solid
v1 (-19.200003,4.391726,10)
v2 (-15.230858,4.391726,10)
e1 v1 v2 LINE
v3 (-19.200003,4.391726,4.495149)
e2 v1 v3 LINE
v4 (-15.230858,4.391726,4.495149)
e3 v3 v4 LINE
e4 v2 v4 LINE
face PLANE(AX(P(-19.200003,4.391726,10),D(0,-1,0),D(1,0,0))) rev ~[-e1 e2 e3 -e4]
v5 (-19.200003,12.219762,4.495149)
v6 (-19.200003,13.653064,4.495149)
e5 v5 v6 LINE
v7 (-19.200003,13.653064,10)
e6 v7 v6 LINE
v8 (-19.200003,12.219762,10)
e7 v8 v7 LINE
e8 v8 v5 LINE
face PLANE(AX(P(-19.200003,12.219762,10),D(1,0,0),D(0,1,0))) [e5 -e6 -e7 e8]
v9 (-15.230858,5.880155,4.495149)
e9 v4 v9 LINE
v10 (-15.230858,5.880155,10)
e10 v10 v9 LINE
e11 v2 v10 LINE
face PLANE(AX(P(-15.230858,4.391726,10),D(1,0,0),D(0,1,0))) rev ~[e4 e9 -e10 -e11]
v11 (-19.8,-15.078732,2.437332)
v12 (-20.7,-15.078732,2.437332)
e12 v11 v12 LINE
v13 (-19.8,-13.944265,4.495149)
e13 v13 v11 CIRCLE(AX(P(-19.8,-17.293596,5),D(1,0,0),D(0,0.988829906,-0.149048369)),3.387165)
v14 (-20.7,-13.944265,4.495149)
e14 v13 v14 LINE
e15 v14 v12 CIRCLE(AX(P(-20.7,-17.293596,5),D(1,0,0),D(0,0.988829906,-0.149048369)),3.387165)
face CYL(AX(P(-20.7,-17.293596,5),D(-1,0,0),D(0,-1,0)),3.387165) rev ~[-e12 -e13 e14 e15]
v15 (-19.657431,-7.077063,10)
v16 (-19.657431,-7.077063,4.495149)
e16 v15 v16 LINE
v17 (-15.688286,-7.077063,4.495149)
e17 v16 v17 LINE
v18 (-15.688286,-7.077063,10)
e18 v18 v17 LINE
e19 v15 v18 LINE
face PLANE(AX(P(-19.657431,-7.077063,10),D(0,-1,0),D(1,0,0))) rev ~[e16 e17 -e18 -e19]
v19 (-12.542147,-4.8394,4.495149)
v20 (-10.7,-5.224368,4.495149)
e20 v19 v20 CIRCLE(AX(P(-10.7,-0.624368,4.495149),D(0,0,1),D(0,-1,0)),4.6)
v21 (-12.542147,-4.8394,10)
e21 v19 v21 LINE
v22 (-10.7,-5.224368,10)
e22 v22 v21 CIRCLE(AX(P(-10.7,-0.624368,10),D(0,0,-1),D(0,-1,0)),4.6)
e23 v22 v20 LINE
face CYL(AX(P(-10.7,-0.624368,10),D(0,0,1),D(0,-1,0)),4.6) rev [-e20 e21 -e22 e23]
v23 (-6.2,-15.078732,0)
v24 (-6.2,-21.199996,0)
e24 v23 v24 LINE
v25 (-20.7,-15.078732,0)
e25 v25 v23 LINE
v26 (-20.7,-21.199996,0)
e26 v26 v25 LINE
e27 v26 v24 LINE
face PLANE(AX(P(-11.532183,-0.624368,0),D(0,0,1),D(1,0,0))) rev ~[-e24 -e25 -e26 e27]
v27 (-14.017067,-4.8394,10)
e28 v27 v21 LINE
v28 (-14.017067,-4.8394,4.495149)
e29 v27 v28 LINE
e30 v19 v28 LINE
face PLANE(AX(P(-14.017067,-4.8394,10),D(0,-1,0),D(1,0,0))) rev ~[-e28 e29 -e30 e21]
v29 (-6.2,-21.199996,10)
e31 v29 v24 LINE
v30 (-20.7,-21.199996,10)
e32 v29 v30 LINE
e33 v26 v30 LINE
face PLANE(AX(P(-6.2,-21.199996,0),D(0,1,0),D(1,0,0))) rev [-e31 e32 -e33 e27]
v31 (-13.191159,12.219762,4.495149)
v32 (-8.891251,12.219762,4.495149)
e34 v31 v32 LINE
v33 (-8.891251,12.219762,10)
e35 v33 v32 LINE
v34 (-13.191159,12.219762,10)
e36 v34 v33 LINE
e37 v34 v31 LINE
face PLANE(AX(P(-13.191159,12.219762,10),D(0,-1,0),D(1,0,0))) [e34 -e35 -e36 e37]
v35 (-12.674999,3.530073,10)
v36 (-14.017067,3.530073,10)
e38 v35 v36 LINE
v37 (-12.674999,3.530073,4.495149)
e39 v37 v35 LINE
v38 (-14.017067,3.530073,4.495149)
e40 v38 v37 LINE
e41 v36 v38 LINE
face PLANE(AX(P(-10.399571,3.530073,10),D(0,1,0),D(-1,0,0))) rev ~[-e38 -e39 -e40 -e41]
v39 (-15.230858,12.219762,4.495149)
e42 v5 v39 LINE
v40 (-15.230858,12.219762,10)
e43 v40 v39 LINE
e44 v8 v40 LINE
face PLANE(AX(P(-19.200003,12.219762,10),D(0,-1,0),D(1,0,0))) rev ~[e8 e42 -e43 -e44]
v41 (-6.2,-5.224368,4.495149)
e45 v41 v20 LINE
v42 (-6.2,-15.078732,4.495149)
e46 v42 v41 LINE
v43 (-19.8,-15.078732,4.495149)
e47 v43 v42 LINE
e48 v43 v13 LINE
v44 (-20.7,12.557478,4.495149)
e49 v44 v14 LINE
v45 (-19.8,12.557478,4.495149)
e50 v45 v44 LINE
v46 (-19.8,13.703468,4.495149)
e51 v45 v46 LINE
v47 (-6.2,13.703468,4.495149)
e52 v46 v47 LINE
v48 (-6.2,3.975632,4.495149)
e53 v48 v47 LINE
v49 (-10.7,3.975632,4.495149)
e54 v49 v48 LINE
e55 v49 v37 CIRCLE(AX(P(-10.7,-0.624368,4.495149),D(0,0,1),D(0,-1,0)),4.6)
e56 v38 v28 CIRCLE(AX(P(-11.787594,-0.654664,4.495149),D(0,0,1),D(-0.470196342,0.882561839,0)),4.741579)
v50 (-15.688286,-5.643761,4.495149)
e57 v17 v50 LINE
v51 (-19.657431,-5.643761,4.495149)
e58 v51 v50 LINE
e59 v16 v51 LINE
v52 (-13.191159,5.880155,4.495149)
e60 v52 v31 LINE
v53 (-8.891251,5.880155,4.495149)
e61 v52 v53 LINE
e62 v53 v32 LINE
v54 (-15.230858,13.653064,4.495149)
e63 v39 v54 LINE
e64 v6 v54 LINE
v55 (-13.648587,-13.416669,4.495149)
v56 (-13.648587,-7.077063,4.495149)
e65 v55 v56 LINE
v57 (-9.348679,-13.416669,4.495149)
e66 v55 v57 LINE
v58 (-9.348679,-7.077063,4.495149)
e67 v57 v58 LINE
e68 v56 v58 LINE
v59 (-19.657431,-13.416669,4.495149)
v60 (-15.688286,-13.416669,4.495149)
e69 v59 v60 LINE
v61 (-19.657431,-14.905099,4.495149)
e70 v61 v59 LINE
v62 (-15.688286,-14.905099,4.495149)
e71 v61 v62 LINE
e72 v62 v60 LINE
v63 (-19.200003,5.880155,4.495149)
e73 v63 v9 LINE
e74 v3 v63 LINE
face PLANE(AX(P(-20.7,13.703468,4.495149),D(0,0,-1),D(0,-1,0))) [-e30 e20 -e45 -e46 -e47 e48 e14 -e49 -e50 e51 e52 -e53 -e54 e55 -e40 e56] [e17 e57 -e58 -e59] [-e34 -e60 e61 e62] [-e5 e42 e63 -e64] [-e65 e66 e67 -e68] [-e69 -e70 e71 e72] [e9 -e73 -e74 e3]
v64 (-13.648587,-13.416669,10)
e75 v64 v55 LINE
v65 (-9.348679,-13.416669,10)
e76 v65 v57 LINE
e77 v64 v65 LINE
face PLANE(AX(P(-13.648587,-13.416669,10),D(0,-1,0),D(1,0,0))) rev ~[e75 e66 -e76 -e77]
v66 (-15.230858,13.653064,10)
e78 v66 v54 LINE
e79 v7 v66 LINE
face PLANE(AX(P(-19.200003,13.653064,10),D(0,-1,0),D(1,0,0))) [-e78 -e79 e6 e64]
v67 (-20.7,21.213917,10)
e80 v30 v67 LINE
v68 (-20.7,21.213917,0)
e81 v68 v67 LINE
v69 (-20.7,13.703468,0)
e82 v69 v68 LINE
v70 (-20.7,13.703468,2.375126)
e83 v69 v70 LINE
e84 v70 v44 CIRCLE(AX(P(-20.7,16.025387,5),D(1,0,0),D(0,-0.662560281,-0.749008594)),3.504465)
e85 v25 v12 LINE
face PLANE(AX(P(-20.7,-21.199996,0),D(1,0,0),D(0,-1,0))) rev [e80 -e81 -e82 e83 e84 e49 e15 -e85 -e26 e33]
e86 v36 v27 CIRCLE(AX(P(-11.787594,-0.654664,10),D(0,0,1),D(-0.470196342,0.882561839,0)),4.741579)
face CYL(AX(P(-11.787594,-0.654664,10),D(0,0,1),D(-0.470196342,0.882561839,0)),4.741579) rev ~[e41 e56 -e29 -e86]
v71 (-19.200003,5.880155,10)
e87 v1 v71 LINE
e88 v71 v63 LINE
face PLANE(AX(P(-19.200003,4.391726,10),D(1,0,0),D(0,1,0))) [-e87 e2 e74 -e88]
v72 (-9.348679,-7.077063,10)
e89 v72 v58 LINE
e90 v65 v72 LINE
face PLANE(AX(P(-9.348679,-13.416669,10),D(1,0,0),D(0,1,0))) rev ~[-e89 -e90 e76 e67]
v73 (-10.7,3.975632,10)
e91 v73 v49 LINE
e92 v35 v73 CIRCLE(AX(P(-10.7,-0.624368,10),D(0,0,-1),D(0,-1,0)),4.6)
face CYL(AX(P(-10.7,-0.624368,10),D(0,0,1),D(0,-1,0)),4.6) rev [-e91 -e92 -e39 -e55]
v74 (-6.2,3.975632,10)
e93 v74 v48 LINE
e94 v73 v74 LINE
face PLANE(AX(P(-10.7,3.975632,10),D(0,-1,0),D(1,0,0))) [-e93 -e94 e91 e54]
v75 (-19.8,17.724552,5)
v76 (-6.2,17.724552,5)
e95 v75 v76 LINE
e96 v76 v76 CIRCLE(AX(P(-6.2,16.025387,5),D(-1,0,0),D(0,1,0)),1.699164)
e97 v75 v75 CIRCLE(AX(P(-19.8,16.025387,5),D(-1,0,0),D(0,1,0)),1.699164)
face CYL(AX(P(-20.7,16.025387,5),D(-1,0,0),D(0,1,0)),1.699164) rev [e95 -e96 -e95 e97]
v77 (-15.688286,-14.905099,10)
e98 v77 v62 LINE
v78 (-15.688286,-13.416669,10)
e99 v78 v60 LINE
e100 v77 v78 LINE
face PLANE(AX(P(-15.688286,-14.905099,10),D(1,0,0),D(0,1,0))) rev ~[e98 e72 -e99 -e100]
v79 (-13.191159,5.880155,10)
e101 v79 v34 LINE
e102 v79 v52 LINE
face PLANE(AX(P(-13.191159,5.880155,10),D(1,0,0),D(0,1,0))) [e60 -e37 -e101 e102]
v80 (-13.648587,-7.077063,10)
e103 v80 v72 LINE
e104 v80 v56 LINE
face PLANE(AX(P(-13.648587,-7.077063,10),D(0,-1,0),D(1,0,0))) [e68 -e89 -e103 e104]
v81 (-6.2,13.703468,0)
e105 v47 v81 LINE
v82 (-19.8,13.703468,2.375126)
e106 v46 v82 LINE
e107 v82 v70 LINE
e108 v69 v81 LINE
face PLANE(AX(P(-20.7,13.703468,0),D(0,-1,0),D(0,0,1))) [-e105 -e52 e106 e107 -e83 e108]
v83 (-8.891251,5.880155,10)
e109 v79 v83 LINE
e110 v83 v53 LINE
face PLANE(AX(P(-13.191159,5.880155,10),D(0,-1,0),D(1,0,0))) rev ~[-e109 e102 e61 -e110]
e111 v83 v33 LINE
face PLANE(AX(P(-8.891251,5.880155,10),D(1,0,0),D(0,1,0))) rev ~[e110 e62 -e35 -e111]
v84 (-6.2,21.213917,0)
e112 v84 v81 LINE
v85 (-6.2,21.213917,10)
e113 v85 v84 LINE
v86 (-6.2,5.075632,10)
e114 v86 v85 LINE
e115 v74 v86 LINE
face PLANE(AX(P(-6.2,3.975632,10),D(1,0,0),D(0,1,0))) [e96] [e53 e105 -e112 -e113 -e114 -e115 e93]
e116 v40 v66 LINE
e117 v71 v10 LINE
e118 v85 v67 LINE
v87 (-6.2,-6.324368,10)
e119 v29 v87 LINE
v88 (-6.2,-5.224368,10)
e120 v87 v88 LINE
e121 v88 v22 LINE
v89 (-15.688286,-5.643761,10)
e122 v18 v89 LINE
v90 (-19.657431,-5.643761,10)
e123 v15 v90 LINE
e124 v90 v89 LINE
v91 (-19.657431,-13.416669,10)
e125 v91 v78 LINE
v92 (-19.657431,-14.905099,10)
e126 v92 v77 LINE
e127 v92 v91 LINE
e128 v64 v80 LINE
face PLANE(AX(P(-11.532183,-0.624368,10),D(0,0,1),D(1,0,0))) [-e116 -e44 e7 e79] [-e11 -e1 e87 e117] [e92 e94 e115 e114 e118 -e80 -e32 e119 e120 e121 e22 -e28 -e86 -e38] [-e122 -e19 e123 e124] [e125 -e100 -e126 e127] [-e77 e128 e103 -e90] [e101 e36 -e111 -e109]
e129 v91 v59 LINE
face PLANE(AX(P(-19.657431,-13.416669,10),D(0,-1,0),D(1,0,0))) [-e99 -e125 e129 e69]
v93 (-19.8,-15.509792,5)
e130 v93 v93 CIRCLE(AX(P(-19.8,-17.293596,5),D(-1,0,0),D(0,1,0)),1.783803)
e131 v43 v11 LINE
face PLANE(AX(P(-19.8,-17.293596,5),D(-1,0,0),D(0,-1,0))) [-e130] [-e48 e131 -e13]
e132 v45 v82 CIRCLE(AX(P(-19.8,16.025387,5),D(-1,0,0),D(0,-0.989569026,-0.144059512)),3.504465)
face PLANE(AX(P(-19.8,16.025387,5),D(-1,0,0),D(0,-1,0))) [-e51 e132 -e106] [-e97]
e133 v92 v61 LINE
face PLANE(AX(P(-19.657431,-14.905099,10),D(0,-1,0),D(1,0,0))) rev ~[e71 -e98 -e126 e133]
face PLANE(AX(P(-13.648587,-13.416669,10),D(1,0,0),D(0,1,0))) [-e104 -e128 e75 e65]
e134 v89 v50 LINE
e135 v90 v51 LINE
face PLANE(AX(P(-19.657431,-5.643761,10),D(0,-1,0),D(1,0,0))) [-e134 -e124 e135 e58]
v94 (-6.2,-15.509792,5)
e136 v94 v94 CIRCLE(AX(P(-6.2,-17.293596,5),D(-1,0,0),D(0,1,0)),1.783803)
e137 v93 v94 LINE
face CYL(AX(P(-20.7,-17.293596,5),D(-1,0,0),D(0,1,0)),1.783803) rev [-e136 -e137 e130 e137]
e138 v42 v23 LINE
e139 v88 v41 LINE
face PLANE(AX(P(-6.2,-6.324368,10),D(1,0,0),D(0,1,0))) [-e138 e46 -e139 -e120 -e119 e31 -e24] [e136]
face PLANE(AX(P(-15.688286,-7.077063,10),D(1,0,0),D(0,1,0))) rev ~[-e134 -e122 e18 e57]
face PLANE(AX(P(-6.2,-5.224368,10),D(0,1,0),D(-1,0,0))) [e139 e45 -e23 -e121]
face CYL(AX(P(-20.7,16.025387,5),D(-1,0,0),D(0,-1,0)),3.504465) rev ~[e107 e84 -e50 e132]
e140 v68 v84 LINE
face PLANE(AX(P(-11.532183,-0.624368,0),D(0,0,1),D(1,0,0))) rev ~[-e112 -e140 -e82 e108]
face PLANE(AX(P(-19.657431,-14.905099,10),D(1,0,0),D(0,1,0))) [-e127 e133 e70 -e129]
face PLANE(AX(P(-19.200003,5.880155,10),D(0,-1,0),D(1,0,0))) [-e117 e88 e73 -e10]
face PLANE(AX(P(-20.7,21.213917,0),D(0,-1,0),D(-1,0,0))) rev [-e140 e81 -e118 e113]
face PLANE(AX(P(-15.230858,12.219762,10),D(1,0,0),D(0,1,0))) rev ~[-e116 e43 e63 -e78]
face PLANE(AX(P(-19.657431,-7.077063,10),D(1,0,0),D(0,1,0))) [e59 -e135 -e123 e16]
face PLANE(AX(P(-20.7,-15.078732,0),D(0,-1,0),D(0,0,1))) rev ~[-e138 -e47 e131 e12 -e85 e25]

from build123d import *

# Parameters (mm, degrees)
F0_R      = 1.75
F1_DEPTH  = 10
F2_R      = 1.7838032989
F2_R_2    = 1.6991644828
F3_DEPTH  = 25
F5_W      = 23.6940248869
F5_H      = 47.8357747197
F6_DEPTH  = 25
F7_R      = 1.75
F8_DEPTH  = 10
F9_W      = 4.2999079451
F9_H      = 6.339606829
F9_W_2    = 3.9691450074
F9_H_2    = 1.433301717
F9_H_3    = 1.4884294942
F10_DEPTH = 25
F12_DEPTH = 10
F13_W     = 28.7822000682
F13_H     = 4.495148547
F14_DEPTH = 25
F16_DEPTH = 25
F17_R     = 3.5044645389
F17_R_2   = 3.3871652345
F18_DEPTH = 0.9


with BuildPart() as f1:
    # F0 (on Top) → F1 (new body)
    with BuildSketch(Plane.XY):
        with BuildLine():
            Line((8.2999998219, -21.1999956518), (8.2999998219, 21.2139172642))
            Line((8.2999998219, 21.2139172642), (-6.2000001781, 21.2139172642))
            Line((-6.2000001781, 21.2139172642), (-6.2000001781, 5.0756316632))
            Line((-6.2000001781, 5.0756316632), (-1.7000001781, 5.0756316632))
            ThreePointArc((-1.7000001781, 5.0756316632), (3.9999996856, -0.6243682004), (-1.7000001781, -6.3243680641))
            Line((-1.7000001781, -6.3243680641), (-6.2000001781, -6.3243680641))
            Line((-6.2000001781, -6.3243680641), (-6.2000001781, -21.1999956518))
            Line((-6.2000001781, -21.1999956518), (8.2999998219, -21.1999956518))
        make_face()
        with Locations((5.3999998219, -9.2503995063)):
            Circle(F0_R, mode=Mode.SUBTRACT)
    extrude(amount=F1_DEPTH)

    # F2 (on face) → F3 (cut)
    with BuildSketch(Plane.YZ.offset(8.2999998219)):
        with Locations((-17.2935956518, 5)):
            Circle(F2_R)
        with Locations((16.0253872642, 5)):
            Circle(F2_R_2)
    extrude(amount=-F3_DEPTH, mode=Mode.SUBTRACT)

    # F4: F1 across face


with BuildPart() as f1_1:
    add(f1.part)
    add(f1.part.mirror(Plane(origin=(-6.2000001781, 12.9732327122, 5), x_dir=(0, -1, 0), z_dir=(-1, 0, 0))))

    # F5 (on face) → F6 (cut)
    with BuildSketch(Plane.XY.offset(10)):
        with Locations((5.6470122654, 2.717891708)):
            Rectangle(F5_W, F5_H)
    extrude(amount=-F6_DEPTH, mode=Mode.SUBTRACT)

    # F7 (on face) → F8 (join, through all)
    with BuildSketch(Plane.XY.offset(10)):
        with Locations((-17.8000001781, -9.2503995063)):
            Circle(F7_R)
    extrude(amount=-F8_DEPTH)

    # F9 (on face) → F10 (cut)
    with BuildSketch(Plane.XY.offset(10)):
        with Locations((-11.4986333065, -10.246865917)):
            Rectangle(F9_W, F9_H)
        with Locations((-17.6728586666, -6.360411644)):
            Rectangle(F9_W_2, F9_H_2)
        with Locations((-17.6728586666, -14.1608840786)):
            Rectangle(F9_W_2, F9_H_3)
        with Locations((-11.0412049107, 9.0499585494)):
            Rectangle(F9_W, F9_H)
        with Locations((-17.2154302709, 12.9364128225)):
            Rectangle(F9_W_2, F9_H_2)
        with Locations((-17.2154302709, 5.1359403878)):
            Rectangle(F9_W_2, F9_H_3)
    extrude(amount=-F10_DEPTH, mode=Mode.SUBTRACT)

    # F11 (on face) → F12 (join, through all)
    with BuildSketch(Plane.XY.offset(10)):
        with BuildLine():
            Line((-10.7000001781, 3.9756317079), (-6.2000001781, 3.9756317079))
            Line((-6.2000001781, 3.9756317079), (-6.2000001781, 5.0756316632))
            Line((-6.2000001781, 5.0756316632), (-10.7000001781, 5.0756316632))
            ThreePointArc((-10.7000001781, 5.0756316632), (-16.4000000417, -0.6243682004), (-10.7000001781, -6.3243680641))
            Line((-10.7000001781, -6.3243680641), (-6.2000001781, -6.3243680641))
            Line((-6.2000001781, -6.3243680641), (-6.2000001781, -5.2243681088))
            Line((-6.2000001781, -5.2243681088), (-10.7000001781, -5.2243681088))
            ThreePointArc((-10.7000001781, -5.2243681088), (-15.3000000864, -0.6243682004), (-10.7000001781, 3.9756317079))
        make_face()
    extrude(amount=-F12_DEPTH)

    # F13 (on face) → F14 (cut)
    with BuildSketch(Plane(origin=(-20.7000001781, 0, 0), x_dir=(0, -1, 0), z_dir=(-1, 0, 0))):
        with Locations((0.6876317784, 2.2475742735)):
            Rectangle(F13_W, F13_H)
    extrude(amount=-F14_DEPTH, mode=Mode.SUBTRACT)

    # F15 (on face) → F16 (cut)
    with BuildSketch(Plane.XY.offset(10)):
        with BuildLine():
            Line((-14.0170669183, -4.8394002952), (-10.3995706886, -4.8394002952))
            Line((-10.3995706886, -4.8394002952), (-10.3995706886, 3.5300727468))
            Line((-10.3995706886, 3.5300727468), (-14.0170669183, 3.5300727468))
            ThreePointArc((-14.0170669183, 3.5300727468), (-16.5291727201, -0.6546637742), (-14.0170669183, -4.8394002952))
        make_face()
    extrude(amount=-F16_DEPTH, mode=Mode.SUBTRACT)

    # F17 (on face) → F18 (cut)
    with BuildSketch(Plane(origin=(-20.7000001781, 0, 0), x_dir=(0, -1, 0), z_dir=(-1, 0, 0))):
        with Locations((-16.0253872642, 5)):
            Circle(F17_R)
        with Locations((17.2935956518, 5)):
            Circle(F17_R_2)
    extrude(amount=-F18_DEPTH, mode=Mode.SUBTRACT)


solid = f1_1.part
